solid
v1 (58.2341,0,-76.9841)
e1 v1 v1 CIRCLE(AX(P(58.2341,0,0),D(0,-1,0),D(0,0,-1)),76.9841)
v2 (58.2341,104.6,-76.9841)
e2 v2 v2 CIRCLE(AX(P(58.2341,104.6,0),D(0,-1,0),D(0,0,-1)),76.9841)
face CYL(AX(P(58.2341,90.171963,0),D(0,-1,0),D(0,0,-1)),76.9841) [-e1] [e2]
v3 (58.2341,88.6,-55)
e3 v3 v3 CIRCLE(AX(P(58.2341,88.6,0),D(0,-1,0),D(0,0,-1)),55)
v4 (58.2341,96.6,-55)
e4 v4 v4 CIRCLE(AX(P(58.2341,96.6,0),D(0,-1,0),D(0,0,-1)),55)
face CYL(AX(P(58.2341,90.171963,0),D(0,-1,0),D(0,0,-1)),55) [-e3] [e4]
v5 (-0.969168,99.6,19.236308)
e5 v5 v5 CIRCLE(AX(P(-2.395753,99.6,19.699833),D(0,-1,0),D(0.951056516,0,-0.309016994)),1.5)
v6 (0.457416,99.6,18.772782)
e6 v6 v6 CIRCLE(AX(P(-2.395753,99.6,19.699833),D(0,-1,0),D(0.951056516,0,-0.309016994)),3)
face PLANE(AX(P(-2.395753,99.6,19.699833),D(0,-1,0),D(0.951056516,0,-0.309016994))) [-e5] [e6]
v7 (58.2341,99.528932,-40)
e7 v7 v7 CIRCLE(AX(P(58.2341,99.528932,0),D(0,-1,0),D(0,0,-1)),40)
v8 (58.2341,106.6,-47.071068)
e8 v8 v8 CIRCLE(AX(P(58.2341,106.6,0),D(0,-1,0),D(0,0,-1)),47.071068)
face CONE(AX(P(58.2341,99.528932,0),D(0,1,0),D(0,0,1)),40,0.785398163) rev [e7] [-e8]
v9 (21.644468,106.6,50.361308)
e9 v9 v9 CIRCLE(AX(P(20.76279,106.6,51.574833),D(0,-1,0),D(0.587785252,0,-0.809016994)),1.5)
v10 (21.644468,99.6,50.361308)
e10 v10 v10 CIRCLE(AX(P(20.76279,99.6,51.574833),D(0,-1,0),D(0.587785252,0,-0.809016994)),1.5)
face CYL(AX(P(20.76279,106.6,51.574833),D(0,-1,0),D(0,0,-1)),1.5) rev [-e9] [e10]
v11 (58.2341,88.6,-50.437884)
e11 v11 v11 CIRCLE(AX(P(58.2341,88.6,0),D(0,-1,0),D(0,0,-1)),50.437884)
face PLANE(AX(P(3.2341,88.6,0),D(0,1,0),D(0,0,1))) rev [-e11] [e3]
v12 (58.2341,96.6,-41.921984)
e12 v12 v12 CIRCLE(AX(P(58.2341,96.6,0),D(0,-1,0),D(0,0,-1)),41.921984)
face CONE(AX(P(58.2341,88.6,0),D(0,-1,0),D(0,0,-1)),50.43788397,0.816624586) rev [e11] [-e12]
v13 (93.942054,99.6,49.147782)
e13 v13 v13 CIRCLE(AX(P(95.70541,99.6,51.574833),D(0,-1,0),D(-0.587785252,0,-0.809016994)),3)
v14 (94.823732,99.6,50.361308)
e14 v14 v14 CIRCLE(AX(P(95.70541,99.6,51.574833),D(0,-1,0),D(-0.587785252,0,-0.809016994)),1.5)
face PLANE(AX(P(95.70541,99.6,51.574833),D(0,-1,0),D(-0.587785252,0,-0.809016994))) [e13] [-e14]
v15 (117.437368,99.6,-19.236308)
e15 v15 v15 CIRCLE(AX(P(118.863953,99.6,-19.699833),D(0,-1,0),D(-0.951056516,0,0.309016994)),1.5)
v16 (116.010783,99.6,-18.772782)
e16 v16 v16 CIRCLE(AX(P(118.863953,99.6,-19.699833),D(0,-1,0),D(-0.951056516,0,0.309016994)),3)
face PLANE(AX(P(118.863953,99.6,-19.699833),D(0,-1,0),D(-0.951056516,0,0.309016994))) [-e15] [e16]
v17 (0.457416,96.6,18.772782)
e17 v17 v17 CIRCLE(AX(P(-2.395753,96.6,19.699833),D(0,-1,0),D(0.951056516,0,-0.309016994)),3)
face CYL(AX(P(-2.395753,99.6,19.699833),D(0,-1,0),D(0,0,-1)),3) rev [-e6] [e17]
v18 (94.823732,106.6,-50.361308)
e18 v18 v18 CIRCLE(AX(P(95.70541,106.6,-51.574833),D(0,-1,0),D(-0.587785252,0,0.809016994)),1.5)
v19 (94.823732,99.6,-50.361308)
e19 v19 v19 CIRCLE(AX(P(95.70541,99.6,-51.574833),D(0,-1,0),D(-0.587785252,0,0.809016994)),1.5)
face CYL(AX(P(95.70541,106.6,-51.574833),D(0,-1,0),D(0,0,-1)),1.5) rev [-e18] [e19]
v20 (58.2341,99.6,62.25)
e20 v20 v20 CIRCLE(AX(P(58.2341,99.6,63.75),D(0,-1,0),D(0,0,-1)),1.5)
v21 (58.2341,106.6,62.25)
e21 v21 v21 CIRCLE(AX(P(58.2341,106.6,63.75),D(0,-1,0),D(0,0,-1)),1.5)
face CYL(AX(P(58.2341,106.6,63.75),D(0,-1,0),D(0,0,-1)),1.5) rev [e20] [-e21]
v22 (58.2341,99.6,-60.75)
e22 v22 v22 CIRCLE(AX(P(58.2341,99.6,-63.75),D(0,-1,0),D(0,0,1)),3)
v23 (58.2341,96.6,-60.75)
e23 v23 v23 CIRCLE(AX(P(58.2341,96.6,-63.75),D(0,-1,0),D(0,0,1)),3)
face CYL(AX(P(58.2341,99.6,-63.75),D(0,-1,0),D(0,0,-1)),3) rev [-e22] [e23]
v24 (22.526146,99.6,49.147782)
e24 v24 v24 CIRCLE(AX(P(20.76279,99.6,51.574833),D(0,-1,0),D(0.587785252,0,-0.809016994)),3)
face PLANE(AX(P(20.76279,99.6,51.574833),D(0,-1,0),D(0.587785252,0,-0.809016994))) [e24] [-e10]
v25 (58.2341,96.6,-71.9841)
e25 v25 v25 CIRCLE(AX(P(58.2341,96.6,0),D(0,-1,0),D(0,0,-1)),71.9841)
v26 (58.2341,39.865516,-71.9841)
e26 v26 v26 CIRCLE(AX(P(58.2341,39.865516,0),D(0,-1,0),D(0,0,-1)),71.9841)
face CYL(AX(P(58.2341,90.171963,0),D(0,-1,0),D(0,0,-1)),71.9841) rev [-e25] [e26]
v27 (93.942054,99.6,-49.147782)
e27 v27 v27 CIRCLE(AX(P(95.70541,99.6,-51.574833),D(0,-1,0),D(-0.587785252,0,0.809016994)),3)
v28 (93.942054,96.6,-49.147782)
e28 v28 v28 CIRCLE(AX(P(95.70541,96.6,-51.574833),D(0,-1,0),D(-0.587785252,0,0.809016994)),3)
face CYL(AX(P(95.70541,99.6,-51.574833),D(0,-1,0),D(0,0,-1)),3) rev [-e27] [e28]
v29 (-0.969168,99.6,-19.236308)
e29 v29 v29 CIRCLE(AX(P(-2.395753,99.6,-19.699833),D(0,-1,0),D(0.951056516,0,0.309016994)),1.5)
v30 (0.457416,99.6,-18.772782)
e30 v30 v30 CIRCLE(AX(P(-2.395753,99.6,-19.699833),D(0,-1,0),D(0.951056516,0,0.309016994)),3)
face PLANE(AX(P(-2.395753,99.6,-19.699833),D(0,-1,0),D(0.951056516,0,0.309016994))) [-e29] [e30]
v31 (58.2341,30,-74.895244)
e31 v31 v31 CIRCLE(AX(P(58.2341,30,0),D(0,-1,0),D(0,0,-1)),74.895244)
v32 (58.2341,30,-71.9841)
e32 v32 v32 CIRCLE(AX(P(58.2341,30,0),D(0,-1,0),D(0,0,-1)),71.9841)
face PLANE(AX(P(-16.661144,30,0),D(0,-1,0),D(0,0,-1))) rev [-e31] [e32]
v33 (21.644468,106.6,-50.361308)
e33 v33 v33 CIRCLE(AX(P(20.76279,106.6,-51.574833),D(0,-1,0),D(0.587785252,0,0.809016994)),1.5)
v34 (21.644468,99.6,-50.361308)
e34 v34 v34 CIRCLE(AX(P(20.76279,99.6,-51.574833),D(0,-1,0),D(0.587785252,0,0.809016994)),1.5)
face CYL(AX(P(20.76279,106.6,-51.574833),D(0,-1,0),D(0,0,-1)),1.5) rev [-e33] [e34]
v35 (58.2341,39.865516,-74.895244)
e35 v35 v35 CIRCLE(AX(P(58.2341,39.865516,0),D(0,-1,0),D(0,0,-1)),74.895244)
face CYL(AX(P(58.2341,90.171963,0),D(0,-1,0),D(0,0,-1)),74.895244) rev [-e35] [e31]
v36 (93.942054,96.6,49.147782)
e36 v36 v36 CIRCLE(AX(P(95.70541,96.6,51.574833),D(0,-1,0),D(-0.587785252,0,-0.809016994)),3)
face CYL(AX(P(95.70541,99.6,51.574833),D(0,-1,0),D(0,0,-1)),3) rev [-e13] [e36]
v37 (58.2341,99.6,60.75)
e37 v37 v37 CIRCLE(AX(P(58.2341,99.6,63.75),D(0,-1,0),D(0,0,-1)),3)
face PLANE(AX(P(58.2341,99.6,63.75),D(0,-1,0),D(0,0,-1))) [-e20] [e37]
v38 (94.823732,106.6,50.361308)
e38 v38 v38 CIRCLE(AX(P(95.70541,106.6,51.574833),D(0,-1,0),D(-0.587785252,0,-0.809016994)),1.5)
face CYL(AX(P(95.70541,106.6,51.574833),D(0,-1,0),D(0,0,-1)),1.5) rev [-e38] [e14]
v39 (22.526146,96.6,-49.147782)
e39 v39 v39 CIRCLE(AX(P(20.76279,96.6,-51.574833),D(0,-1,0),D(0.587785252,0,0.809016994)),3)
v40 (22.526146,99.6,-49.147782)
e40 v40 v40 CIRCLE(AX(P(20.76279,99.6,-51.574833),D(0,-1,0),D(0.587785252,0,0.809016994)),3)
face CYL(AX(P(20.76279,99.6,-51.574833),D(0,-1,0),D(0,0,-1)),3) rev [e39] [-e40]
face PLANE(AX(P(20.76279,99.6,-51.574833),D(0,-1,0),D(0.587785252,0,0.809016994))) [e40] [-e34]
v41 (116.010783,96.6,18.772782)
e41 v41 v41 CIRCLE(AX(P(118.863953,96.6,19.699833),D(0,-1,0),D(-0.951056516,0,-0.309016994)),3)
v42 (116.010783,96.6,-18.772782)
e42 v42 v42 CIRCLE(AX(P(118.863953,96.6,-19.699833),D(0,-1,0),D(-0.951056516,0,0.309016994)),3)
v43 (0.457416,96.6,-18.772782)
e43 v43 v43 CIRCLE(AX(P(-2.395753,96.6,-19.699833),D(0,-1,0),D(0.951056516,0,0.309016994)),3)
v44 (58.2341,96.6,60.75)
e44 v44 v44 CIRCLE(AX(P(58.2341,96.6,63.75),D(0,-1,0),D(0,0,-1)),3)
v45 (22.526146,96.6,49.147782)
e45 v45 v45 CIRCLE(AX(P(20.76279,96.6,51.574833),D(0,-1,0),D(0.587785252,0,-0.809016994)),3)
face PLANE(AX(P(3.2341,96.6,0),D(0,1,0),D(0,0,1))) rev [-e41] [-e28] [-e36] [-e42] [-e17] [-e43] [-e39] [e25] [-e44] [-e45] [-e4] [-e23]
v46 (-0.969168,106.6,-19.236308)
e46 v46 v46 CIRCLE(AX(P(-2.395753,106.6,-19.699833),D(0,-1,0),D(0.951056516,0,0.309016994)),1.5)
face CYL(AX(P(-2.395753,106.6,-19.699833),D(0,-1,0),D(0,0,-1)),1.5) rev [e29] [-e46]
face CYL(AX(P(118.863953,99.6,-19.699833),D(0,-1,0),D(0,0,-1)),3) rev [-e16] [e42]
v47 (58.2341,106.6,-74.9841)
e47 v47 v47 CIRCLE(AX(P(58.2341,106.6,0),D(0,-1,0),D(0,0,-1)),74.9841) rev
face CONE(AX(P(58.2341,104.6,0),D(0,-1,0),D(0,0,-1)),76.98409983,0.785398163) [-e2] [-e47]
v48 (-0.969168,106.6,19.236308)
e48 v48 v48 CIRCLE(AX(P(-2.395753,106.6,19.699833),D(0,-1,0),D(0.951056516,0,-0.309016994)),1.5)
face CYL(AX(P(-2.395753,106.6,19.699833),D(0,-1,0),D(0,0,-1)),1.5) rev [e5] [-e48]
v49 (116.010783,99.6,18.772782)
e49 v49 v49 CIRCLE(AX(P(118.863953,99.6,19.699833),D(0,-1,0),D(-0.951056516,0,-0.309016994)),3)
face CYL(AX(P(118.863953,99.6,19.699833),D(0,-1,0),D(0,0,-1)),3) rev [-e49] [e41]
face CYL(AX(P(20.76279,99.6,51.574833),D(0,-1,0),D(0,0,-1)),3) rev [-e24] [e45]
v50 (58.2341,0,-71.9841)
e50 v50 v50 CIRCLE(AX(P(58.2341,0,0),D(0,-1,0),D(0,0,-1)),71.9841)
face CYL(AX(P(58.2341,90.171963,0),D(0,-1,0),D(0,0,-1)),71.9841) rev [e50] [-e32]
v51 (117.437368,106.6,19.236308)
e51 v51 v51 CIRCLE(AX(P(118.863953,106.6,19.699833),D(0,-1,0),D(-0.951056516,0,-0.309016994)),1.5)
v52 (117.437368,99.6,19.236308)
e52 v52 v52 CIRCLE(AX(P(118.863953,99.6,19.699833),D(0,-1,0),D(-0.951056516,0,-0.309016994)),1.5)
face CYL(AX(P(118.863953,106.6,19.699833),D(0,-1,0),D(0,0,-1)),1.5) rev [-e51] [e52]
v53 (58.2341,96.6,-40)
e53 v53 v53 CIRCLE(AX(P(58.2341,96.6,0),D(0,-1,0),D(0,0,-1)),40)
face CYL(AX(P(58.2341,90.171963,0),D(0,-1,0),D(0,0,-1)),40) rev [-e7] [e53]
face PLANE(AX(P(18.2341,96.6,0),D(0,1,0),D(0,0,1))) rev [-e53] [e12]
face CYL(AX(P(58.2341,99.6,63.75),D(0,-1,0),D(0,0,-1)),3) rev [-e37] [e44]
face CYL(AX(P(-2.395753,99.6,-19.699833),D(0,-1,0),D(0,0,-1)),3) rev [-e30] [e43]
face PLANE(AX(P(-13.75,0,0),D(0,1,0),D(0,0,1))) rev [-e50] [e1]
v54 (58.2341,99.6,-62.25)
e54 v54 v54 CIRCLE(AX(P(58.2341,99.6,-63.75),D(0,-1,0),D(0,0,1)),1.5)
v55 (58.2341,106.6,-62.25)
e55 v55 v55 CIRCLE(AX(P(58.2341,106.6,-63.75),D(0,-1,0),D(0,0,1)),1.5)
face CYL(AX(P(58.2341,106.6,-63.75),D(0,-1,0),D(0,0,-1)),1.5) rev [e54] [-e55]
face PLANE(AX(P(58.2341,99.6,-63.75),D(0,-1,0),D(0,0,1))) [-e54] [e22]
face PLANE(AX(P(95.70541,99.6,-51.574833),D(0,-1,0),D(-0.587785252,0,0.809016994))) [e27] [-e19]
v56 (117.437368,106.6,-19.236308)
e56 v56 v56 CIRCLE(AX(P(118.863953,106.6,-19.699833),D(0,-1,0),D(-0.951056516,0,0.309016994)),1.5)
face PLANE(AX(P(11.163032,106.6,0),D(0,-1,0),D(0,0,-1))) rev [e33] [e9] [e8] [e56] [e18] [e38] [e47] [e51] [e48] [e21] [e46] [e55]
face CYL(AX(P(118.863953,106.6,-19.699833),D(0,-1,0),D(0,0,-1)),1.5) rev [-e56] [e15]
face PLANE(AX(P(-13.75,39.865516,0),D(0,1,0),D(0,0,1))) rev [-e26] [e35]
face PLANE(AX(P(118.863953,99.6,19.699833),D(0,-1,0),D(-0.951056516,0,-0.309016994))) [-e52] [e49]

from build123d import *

# Parameters (mm, degrees)
SKETCH_2_R               = 1.5
CUT_EXTRUDE_1_DEPTH      = 184.144951188
SKETCH_2_3_R             = 3
SKETCH_2_3_R_2           = 1.5
CUT_EXTRUDE_2_DEPTH      = 3
PATTERN_CIRCULAR_1_COUNT = 10
CHAMFER_1_SIZE           = 2


with BuildPart() as part:
    # 스케치1 → 회전1 (revolve)
    with BuildSketch(Plane.XY):
        Polygon((18.23409983, 96.6), (16.31211603, 96.6), (7.79621586, 88.6), (3.23409983, 88.6), (3.23409983, 96.6), (-13.75, 96.6), (-13.75, 39.865515574), (-16.661143686, 39.865515574), (-16.661143686, 30), (-13.75, 30), (-13.75, 0), (-18.75, 0), (-18.75, 101.69494665), (-18.75, 106.6), (11.163032018, 106.6), (18.23409983, 99.528932188), align=None)
    revolve(axis=Axis((58.23409983, 90.171963423, 0), (0, 1, 0)))

    # 스케치2 → 컷-돌출1 (cut, through all)
    with BuildSketch(Plane.XZ.offset(-96.6)):
        with Locations((58.23409983, 63.75)):
            Circle(SKETCH_2_R)
    cut_extrude_1 = extrude(amount=-CUT_EXTRUDE_1_DEPTH, mode=Mode.SUBTRACT)

    # 스케치2<3> → 컷-돌출2 (cut)
    with BuildSketch(Plane.XZ.offset(-96.6)):
        with Locations((58.23409983, 63.75)):
            Circle(SKETCH_2_3_R)
        with Locations((58.23409983, 63.75)):
            Circle(SKETCH_2_3_R_2, mode=Mode.SUBTRACT)
    cut_extrude_2 = extrude(amount=-CUT_EXTRUDE_2_DEPTH, mode=Mode.SUBTRACT)

    # 원형 패턴1: 컷-돌출1, 컷-돌출2 ×10 about axis
    pattern_circular_1_axis = Axis((58.23409983, 106.6, 0), (0, -1, 0))
    add([cut_extrude_1.rotate(pattern_circular_1_axis, i * 360 / PATTERN_CIRCULAR_1_COUNT) for i in range(1, PATTERN_CIRCULAR_1_COUNT)], mode=Mode.SUBTRACT)
    add([cut_extrude_2.rotate(pattern_circular_1_axis, i * 360 / PATTERN_CIRCULAR_1_COUNT) for i in range(1, PATTERN_CIRCULAR_1_COUNT)], mode=Mode.SUBTRACT)

    # 모따기1
    chamfer_1_edges = [part.edges().sort_by_distance(p)[0] for p in [
        (135.21819966, 106.6, 0),
    ]]
    chamfer(chamfer_1_edges, length=CHAMFER_1_SIZE)


solid = part.part
